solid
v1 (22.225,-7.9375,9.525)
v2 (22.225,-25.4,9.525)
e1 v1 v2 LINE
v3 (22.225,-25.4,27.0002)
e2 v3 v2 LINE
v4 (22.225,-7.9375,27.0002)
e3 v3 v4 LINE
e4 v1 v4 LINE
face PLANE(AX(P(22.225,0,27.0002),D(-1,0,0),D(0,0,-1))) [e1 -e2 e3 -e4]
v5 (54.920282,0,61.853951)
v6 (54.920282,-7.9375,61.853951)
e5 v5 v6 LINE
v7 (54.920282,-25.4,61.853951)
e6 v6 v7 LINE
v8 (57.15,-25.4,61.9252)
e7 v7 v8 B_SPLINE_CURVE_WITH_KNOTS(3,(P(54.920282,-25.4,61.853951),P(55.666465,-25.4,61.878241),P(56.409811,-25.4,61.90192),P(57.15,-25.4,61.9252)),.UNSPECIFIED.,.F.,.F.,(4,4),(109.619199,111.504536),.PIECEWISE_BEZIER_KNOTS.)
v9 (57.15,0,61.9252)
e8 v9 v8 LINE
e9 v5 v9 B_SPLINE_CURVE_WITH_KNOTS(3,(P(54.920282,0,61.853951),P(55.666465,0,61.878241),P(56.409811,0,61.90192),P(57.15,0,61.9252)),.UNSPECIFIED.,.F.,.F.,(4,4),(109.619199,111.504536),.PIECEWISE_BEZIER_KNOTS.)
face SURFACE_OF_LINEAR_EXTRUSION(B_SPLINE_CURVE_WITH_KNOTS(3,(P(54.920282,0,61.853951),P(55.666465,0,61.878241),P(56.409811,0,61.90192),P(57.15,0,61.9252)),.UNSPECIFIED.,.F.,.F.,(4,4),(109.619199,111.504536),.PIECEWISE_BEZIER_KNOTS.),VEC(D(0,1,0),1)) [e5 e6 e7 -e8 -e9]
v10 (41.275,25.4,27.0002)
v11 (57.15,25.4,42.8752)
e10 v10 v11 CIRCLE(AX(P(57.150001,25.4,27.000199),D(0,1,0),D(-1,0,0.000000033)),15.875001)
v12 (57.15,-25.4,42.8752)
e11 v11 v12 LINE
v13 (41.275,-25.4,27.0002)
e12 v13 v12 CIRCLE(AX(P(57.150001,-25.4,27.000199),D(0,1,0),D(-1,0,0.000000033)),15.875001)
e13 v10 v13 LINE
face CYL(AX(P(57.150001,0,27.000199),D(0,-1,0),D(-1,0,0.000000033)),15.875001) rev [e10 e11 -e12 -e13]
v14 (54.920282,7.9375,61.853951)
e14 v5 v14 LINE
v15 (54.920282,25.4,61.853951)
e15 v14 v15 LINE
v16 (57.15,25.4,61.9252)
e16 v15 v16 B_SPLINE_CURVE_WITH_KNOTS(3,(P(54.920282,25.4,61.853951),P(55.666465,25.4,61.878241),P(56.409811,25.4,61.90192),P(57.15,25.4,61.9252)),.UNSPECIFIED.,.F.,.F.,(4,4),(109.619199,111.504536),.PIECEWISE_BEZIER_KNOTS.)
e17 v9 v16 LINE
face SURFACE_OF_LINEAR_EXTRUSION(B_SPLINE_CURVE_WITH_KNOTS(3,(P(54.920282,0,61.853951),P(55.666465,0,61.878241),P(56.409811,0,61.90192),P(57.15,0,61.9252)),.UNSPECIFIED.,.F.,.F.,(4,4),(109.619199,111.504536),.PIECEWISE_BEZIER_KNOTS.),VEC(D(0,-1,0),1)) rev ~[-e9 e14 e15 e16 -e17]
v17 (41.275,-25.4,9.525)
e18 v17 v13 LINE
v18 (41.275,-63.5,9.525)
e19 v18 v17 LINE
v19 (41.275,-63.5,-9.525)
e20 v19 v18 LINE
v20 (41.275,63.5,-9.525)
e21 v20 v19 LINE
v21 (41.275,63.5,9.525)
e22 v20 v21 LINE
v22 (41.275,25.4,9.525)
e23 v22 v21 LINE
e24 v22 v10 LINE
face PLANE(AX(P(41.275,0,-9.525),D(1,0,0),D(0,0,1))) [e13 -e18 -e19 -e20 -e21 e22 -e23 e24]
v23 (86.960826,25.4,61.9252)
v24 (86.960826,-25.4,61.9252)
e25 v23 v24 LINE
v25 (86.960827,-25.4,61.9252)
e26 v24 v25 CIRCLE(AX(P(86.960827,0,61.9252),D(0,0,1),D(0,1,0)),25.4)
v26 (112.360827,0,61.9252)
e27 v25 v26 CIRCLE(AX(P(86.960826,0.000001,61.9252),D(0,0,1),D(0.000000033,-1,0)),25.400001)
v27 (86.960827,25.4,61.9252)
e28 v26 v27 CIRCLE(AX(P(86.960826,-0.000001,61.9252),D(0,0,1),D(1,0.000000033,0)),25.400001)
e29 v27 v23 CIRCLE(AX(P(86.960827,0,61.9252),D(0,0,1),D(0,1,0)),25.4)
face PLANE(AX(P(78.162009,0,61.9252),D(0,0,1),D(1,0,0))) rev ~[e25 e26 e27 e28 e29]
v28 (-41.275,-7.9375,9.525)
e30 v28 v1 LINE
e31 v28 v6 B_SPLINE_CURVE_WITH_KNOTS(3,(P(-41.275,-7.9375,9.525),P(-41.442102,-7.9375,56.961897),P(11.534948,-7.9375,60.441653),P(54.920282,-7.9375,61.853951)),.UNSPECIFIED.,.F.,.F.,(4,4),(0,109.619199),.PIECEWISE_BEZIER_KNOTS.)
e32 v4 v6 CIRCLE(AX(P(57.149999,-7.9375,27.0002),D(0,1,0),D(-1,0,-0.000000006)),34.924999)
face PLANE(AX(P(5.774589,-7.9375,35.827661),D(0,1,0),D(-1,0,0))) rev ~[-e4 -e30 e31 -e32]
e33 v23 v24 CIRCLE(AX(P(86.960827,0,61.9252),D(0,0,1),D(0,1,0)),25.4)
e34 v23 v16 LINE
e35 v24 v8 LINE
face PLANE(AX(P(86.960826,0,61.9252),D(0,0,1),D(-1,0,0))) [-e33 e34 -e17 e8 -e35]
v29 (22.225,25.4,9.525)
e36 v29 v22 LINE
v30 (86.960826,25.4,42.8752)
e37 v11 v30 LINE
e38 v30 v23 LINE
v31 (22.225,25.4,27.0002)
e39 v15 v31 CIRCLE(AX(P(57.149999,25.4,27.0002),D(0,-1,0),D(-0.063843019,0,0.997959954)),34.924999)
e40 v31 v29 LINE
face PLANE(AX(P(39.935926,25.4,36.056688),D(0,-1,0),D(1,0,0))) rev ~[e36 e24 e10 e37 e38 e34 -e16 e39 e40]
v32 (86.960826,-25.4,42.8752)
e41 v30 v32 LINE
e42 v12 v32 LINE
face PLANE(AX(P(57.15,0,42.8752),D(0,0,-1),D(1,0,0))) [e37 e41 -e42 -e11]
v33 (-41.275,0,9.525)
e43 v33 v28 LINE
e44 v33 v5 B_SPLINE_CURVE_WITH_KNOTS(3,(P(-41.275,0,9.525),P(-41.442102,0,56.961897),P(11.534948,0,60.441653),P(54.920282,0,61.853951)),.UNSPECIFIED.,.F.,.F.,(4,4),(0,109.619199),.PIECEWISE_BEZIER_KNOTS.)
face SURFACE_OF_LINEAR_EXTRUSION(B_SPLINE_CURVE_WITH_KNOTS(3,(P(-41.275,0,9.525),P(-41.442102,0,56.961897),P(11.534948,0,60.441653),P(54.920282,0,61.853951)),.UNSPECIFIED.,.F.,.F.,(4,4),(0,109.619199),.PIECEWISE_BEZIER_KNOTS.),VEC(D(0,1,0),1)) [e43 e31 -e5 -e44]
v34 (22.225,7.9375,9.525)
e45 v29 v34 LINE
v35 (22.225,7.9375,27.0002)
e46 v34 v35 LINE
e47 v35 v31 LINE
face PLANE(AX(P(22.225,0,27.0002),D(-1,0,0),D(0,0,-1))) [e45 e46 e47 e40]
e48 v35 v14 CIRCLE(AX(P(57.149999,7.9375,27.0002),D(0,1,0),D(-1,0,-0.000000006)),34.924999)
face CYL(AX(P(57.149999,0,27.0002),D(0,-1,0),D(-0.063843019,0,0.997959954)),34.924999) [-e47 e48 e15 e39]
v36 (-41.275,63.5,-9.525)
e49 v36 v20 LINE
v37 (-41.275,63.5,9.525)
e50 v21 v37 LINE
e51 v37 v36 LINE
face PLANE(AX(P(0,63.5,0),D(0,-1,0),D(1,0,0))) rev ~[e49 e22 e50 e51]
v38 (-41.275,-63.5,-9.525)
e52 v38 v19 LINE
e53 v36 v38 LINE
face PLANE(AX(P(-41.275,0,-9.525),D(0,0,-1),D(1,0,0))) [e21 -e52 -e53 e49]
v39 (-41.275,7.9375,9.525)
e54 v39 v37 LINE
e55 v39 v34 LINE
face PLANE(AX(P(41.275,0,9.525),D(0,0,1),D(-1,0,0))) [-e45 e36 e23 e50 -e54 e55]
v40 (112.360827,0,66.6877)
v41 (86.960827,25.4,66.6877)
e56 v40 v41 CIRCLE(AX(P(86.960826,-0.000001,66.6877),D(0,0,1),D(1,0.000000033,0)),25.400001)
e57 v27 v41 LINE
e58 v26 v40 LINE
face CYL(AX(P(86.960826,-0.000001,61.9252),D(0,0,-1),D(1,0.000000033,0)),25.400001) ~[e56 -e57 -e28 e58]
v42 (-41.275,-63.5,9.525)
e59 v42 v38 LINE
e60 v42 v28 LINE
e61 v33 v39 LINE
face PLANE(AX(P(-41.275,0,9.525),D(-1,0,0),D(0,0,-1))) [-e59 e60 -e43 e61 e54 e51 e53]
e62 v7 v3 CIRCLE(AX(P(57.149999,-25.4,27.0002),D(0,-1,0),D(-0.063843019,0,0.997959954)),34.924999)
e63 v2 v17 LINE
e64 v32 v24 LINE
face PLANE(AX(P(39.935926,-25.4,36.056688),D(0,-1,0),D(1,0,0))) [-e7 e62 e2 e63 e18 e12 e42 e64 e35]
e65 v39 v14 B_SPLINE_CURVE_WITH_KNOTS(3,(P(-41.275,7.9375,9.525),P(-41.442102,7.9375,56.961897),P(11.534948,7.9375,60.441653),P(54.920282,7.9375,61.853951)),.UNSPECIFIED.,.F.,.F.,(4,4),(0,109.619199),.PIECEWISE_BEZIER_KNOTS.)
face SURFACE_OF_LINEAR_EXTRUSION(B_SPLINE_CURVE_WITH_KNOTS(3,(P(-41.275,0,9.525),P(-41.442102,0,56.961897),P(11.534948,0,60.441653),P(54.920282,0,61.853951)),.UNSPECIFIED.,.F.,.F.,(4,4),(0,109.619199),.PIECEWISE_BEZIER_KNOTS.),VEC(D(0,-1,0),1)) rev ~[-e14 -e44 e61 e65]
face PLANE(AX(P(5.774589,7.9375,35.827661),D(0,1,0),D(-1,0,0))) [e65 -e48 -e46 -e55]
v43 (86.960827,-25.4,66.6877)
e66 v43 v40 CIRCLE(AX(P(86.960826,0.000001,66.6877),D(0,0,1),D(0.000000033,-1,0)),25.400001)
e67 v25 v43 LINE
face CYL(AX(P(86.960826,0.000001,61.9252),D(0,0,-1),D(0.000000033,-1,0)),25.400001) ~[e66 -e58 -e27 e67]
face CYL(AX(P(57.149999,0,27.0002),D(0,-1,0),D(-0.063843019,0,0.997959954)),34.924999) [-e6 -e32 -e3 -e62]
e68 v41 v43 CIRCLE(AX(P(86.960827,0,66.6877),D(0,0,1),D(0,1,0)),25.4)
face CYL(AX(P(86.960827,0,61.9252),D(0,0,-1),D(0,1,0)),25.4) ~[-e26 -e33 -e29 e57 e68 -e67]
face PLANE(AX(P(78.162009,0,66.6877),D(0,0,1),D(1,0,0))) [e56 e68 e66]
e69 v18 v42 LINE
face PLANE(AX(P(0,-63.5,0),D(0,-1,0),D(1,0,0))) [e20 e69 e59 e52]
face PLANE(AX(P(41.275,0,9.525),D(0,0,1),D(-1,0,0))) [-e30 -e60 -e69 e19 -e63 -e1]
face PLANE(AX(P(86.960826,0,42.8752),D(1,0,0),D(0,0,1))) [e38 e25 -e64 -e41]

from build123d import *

# Parameters (mm, degrees)
F1_DEPTH = 63.5
F0_W     = 26.635827
F0_H     = 19.05
F2_DEPTH = 25.4
F3_DEPTH = 7.9375
F5_DEPTH = 4.7625


with BuildPart() as f1:
    # F0 (on Front) → F1 (new body, symmetric)
    with BuildSketch(Plane.XZ):
        Polygon((-41.275, 9.525), (-41.275, -9.525), (41.275, -9.525), (41.275, 9.525), (22.225, 9.525), align=None)
    extrude(amount=F1_DEPTH, both=True)

    # F0 (on Front) → F2 (join, symmetric)
    with BuildSketch(Plane.XZ):
        with BuildLine():
            Line((22.225, 9.525), (41.275, 9.525))
            Line((41.275, 9.525), (41.275, 27.0002))
            ThreePointArc((41.275, 27.0002), (45.92468, 38.22552), (57.15, 42.8752))
            Line((57.15, 42.8752), (60.325, 42.8752))
            Line((60.325, 42.8752), (60.325, 61.9252))
            Line((60.325, 61.9252), (57.15, 61.9252))
            add(Edge.make_bspline(
                [(54.920282, 61.853951), (55.666465, 61.878241), (56.409811, 61.90192), (57.15, 61.9252)],
                knots=[109.619199, 109.619199, 109.619199, 109.619199, 111.504536, 111.504536, 111.504536, 111.504536], degree=3))
            ThreePointArc((54.920282, 61.853951), (31.678167, 50.894579), (22.225, 27.0002))
            Line((22.225, 27.0002), (22.225, 9.525))
        make_face()
        with Locations((73.642913, 52.4002)):
            Rectangle(F0_W, F0_H)
    extrude(amount=F2_DEPTH, both=True)

    # F0 (on Front) → F3 (join, symmetric)
    with BuildSketch(Plane.XZ):
        with BuildLine():
            add(Edge.make_bspline(
                [(-41.275, 9.525), (-41.442102, 56.961897), (11.534948, 60.441653), (54.920282, 61.853951)],
                knots=[0, 0, 0, 0, 109.619199, 109.619199, 109.619199, 109.619199], degree=3))
            Line((-41.275, 9.525), (22.225, 9.525))
            Line((22.225, 9.525), (22.225, 27.0002))
            ThreePointArc((22.225, 27.0002), (31.678167, 50.894579), (54.920282, 61.853951))
        make_face()
    extrude(amount=F3_DEPTH, both=True)

    # F4 (on face) → F5 (join)
    with BuildSketch(Plane.XY.offset(61.9252)):
        with BuildLine():
            Line((86.960827, -25.4), (86.960827, 25.4))
            ThreePointArc((86.960827, 25.4), (61.560827, 0), (86.960827, -25.4))
        make_face()
        with BuildLine():
            ThreePointArc((86.960827, -25.4), (104.921339, -17.960512), (112.360827, 0))
            ThreePointArc((112.360827, 0), (104.921339, 17.960512), (86.960827, 25.4))
            Line((86.960827, 25.4), (86.960827, -25.4))
        make_face()
    extrude(amount=F5_DEPTH)


solid = f1.part
